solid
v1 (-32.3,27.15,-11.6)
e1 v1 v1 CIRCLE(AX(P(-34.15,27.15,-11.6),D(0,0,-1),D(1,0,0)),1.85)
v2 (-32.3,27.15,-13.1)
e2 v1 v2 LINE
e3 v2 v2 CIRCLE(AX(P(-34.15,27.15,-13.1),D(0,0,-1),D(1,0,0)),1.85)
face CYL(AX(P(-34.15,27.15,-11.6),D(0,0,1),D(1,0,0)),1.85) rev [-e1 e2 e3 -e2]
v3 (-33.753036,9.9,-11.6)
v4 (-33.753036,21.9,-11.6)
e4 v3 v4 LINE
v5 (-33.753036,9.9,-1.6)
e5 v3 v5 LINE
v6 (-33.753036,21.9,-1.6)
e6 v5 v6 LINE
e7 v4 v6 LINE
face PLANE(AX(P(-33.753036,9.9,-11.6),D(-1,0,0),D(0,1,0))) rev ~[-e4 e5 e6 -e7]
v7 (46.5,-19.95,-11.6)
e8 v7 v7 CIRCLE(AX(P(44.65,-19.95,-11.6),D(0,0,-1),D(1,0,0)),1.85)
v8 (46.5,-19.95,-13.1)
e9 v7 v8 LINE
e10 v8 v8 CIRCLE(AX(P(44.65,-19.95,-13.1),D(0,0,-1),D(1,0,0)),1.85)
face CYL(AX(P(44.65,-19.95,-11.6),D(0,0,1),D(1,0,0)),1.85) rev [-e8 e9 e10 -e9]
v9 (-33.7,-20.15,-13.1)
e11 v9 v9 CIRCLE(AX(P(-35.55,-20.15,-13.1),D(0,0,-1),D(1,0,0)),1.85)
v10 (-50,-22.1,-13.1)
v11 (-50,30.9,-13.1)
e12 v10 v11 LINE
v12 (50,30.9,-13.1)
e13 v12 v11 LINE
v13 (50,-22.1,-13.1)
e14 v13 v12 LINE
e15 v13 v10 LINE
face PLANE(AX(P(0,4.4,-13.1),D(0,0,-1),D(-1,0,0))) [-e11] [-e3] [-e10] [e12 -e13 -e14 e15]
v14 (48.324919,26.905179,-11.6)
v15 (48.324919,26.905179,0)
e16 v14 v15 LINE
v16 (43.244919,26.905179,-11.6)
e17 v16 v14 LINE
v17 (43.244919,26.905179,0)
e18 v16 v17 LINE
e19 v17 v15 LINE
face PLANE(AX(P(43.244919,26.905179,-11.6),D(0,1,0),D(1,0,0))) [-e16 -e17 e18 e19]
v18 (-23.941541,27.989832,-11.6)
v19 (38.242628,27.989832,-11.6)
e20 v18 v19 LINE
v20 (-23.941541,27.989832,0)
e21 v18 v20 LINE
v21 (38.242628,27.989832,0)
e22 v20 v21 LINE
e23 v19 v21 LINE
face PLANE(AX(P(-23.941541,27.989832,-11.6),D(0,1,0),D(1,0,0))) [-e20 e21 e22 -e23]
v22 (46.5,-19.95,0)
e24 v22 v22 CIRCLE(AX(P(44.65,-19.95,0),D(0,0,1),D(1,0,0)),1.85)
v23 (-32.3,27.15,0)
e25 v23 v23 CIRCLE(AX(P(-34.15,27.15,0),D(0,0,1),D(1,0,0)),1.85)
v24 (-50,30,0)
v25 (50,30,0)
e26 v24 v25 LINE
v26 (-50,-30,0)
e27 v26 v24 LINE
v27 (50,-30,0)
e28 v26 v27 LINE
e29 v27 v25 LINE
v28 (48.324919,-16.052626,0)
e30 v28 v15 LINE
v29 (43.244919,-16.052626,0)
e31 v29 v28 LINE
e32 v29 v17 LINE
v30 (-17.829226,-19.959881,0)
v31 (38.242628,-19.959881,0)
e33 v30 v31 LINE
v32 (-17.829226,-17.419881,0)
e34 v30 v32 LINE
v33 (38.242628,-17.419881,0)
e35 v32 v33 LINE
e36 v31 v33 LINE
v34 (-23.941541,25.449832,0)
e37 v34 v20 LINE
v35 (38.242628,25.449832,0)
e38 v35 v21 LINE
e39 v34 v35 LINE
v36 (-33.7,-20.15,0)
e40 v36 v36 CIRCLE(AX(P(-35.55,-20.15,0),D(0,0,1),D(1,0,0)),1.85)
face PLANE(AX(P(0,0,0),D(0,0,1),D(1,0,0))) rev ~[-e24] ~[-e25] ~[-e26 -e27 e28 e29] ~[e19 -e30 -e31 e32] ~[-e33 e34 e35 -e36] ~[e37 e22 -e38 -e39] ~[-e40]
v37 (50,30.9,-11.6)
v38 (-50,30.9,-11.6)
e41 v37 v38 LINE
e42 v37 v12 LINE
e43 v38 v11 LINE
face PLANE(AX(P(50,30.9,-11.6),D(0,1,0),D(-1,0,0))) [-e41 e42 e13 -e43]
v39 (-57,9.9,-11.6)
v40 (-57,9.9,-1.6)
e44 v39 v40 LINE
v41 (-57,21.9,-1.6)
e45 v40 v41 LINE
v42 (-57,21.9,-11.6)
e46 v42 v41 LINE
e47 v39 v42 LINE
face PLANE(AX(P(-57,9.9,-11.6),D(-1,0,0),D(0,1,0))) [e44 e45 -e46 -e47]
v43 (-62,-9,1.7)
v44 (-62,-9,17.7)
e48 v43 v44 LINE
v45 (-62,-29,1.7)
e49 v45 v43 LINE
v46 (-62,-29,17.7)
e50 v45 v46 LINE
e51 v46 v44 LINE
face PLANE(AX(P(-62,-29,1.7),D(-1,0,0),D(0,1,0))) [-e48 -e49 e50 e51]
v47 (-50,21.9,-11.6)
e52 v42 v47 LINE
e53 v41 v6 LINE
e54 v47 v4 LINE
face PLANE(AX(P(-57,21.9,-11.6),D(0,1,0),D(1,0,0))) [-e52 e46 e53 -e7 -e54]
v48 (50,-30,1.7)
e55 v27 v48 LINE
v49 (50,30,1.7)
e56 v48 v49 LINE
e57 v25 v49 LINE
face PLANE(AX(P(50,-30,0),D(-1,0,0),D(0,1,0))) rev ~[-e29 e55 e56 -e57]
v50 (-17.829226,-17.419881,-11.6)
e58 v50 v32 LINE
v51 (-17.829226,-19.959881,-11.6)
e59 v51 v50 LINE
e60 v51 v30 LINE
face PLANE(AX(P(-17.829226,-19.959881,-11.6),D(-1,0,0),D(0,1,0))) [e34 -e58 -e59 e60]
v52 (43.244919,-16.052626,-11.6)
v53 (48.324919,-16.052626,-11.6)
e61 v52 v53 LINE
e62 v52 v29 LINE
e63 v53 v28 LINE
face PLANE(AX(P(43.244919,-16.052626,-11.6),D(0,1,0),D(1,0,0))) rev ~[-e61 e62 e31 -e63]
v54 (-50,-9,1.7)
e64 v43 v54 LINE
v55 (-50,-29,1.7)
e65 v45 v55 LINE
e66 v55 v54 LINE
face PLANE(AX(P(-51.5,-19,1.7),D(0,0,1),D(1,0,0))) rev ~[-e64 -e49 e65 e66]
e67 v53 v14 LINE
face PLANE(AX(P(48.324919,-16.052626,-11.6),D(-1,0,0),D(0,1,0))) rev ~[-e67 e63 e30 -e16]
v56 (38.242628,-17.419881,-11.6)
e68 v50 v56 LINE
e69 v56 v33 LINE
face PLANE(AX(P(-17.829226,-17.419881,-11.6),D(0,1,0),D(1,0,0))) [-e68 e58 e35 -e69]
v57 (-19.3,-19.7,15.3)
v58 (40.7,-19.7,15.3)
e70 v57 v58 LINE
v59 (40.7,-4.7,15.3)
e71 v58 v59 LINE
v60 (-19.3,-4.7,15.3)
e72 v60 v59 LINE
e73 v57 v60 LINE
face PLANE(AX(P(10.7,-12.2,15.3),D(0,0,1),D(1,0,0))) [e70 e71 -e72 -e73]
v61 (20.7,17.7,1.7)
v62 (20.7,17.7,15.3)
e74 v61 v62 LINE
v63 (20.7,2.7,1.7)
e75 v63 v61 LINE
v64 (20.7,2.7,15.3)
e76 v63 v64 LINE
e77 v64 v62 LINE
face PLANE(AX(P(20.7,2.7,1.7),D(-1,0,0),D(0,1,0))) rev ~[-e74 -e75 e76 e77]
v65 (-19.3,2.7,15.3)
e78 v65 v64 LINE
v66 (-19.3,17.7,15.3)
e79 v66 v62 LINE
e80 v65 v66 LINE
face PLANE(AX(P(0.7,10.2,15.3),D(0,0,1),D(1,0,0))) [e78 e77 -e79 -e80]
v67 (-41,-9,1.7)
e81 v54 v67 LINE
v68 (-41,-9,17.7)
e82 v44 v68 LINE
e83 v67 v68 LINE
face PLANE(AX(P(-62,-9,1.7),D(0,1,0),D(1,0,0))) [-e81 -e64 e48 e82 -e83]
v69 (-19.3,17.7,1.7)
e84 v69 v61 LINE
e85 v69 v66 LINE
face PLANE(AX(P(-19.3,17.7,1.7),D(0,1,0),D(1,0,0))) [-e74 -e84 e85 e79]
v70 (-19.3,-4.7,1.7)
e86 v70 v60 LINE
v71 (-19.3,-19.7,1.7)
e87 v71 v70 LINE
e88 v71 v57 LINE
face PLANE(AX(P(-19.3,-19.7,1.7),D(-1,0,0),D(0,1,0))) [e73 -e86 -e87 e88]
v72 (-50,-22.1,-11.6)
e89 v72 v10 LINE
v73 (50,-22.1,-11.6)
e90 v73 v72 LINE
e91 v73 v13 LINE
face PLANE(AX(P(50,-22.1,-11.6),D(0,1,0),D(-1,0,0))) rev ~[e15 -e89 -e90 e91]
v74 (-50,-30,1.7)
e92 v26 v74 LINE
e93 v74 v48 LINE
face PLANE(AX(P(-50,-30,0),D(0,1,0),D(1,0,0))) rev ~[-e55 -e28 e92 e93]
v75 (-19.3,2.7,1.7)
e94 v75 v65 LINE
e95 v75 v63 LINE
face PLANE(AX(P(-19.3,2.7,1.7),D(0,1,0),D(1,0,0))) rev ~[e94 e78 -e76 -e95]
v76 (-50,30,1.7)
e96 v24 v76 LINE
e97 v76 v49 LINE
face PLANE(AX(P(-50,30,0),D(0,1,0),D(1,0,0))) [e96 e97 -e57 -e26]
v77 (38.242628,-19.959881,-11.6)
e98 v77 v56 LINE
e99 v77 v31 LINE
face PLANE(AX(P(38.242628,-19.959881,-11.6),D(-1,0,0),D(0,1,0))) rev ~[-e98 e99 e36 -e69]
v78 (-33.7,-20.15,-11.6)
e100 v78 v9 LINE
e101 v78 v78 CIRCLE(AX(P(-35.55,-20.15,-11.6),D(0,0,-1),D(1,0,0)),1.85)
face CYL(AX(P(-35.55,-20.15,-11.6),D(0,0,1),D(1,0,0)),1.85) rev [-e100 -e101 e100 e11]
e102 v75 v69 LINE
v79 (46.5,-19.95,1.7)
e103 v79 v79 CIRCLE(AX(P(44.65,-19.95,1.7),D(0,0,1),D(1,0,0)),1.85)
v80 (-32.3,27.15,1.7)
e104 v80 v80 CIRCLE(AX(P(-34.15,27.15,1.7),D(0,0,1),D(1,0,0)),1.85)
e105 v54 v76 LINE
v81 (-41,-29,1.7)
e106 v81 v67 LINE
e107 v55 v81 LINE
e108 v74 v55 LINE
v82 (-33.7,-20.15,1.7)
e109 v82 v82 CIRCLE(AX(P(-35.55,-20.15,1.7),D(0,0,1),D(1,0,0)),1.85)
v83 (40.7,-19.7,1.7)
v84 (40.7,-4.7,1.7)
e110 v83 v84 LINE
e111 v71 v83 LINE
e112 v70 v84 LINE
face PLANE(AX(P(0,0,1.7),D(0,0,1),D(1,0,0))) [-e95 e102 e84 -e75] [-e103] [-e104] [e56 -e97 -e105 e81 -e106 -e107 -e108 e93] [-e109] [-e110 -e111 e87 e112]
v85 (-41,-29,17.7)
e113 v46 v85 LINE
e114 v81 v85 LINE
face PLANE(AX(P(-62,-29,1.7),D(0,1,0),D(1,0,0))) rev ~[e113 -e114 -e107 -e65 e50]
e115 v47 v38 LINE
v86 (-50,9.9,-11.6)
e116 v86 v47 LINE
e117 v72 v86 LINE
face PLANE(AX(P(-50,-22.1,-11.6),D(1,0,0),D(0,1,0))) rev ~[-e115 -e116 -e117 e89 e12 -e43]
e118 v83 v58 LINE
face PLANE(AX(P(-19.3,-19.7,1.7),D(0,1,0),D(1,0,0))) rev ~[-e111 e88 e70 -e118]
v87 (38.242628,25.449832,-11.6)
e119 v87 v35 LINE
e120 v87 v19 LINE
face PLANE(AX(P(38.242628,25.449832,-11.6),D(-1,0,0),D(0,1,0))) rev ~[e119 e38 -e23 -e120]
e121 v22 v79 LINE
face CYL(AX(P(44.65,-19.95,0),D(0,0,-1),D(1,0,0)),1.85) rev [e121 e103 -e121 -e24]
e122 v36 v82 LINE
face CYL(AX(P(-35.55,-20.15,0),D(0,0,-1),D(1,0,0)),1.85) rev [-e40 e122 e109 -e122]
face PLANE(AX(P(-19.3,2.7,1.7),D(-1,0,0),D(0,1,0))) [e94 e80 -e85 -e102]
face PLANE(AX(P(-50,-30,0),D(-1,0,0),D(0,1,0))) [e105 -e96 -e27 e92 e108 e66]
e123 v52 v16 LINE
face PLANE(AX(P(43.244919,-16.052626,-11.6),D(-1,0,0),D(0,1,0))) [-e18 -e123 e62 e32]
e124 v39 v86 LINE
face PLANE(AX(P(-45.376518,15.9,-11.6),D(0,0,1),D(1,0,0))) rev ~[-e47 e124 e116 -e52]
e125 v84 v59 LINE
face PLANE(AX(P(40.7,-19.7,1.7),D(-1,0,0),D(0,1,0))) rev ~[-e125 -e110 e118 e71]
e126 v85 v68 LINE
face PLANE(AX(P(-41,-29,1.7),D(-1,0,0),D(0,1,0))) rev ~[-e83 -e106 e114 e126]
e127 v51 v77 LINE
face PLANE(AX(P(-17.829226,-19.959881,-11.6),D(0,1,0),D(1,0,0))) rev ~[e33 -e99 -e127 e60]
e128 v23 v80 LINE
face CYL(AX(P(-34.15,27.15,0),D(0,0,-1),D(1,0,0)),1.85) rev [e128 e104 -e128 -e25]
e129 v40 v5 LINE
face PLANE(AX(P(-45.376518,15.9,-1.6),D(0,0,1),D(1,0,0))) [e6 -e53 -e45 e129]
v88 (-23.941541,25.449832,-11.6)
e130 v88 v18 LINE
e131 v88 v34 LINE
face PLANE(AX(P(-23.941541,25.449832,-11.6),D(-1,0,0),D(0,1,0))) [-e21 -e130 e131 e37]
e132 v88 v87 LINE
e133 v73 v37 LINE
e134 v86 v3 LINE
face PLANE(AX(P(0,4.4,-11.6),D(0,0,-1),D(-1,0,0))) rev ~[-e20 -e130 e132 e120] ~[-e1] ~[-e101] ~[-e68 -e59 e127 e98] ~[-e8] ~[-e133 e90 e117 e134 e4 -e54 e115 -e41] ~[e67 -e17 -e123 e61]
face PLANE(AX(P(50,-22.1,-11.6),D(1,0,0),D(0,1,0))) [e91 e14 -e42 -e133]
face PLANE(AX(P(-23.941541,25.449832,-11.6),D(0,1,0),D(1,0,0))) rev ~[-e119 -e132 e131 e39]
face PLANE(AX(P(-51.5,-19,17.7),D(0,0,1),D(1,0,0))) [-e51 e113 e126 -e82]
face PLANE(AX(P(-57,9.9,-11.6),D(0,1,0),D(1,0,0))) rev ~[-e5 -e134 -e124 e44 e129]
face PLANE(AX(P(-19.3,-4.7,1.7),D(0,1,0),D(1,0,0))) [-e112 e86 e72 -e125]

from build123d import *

# Parameters (mm, degrees)
ESBO_O1_W                 = 100
ESBO_O1_H                 = 60
ESBO_O1_R                 = 1.85
RESSALTO_EXTRUS_O1_DEPTH  = 1.7
ESBO_O2_W                 = 60
ESBO_O2_H                 = 15
ESBO_O2_W_2               = 40
RESSALTO_EXTRUS_O2_DEPTH  = 13.6
RESSALTO_EXTRUS_O6_START  = 11.6
ESBO_O3_W                 = 100
ESBO_O3_H                 = 53
ESBO_O3_R                 = 1.85
RESSALTO_EXTRUS_O6_DEPTH  = 1.5
ESBO_O4_W                 = 62.184169383
ESBO_O4_H                 = 2.54
ESBO_O4_W_2               = 5.08
ESBO_O4_H_2               = 42.957805244
ESBO_O4_W_3               = 56.07185462
RESSALTO_EXTRUS_O8_DEPTH  = 11.6
ESBO_O6_W                 = 21
ESBO_O6_H                 = 20
RESSALTO_EXTRUS_O9_DEPTH  = 16
ESBO_O7_W                 = 23.246964405
ESBO_O7_H                 = 12
RESSALTO_EXTRUS_O10_DEPTH = 10


with BuildPart() as part:
    # Esboço1 → Ressalto-extrusão1 (new body)
    with BuildSketch(Plane.XY):
        Rectangle(ESBO_O1_W, ESBO_O1_H)
        with Locations((-34.15, 27.15)):
            Circle(ESBO_O1_R, mode=Mode.SUBTRACT)
        with Locations((-35.55, -20.15)):
            Circle(ESBO_O1_R, mode=Mode.SUBTRACT)
        with Locations((44.65, -19.95)):
            Circle(ESBO_O1_R, mode=Mode.SUBTRACT)
    extrude(amount=RESSALTO_EXTRUS_O1_DEPTH)

    # Esboço2 → Ressalto-extrusão2 (add)
    with BuildSketch(Plane.XY.offset(1.7)):
        with Locations((10.7, -12.2)):
            Rectangle(ESBO_O2_W, ESBO_O2_H)
        with Locations((0.7, 10.2)):
            Rectangle(ESBO_O2_W_2, ESBO_O2_H)
    extrude(amount=RESSALTO_EXTRUS_O2_DEPTH)



with BuildPart() as body_2:
    # Esboço3 → Ressalto-extrusão6 (new body)
    with BuildSketch(Plane(origin=(0, 0, 0), x_dir=(-1, 0, 0), z_dir=(0, 0, -1)).offset(RESSALTO_EXTRUS_O6_START)):
        with Locations((0, 4.4)):
            Rectangle(ESBO_O3_W, ESBO_O3_H)
        with Locations(Location((-44.65, -19.95, 0), (0, 0, 180))):
            Circle(ESBO_O3_R, mode=Mode.SUBTRACT)
        with Locations(Location((34.15, 27.15, 0), (0, 0, 180))):
            Circle(ESBO_O3_R, mode=Mode.SUBTRACT)
        with Locations(Location((35.55, -20.15, 0), (0, 0, 180))):
            Circle(ESBO_O3_R, mode=Mode.SUBTRACT)
    extrude(amount=RESSALTO_EXTRUS_O6_DEPTH)


with BuildPart() as part_1:
    add(part.part)

    add(body_2.part)  # Ressalto-extrusão8 merges body 2
    # Esboço4 → Ressalto-extrusão8 (add)
    with BuildSketch(Plane.XY.offset(-11.6)):
        with Locations((7.150543675, 26.719832293)):
            Rectangle(ESBO_O4_W, ESBO_O4_H)
        with Locations((45.784919315, 5.42627648)):
            Rectangle(ESBO_O4_W_2, ESBO_O4_H_2)
        with Locations((10.206701056, -18.689881399)):
            Rectangle(ESBO_O4_W_3, ESBO_O4_H)
    extrude(amount=RESSALTO_EXTRUS_O8_DEPTH)

    # Esboço6 → Ressalto-extrusão9 (add)
    with BuildSketch(Plane.XY.offset(1.7)):
        with Locations((-51.5, -19)):
            Rectangle(ESBO_O6_W, ESBO_O6_H)
    extrude(amount=RESSALTO_EXTRUS_O9_DEPTH)

    # Esboço7 → Ressalto-extrusão10 (add)
    with BuildSketch(Plane.XY.offset(-11.6)):
        with Locations((-45.376517798, 15.9)):
            Rectangle(ESBO_O7_W, ESBO_O7_H)
    extrude(amount=RESSALTO_EXTRUS_O10_DEPTH)


solid = part_1.part
